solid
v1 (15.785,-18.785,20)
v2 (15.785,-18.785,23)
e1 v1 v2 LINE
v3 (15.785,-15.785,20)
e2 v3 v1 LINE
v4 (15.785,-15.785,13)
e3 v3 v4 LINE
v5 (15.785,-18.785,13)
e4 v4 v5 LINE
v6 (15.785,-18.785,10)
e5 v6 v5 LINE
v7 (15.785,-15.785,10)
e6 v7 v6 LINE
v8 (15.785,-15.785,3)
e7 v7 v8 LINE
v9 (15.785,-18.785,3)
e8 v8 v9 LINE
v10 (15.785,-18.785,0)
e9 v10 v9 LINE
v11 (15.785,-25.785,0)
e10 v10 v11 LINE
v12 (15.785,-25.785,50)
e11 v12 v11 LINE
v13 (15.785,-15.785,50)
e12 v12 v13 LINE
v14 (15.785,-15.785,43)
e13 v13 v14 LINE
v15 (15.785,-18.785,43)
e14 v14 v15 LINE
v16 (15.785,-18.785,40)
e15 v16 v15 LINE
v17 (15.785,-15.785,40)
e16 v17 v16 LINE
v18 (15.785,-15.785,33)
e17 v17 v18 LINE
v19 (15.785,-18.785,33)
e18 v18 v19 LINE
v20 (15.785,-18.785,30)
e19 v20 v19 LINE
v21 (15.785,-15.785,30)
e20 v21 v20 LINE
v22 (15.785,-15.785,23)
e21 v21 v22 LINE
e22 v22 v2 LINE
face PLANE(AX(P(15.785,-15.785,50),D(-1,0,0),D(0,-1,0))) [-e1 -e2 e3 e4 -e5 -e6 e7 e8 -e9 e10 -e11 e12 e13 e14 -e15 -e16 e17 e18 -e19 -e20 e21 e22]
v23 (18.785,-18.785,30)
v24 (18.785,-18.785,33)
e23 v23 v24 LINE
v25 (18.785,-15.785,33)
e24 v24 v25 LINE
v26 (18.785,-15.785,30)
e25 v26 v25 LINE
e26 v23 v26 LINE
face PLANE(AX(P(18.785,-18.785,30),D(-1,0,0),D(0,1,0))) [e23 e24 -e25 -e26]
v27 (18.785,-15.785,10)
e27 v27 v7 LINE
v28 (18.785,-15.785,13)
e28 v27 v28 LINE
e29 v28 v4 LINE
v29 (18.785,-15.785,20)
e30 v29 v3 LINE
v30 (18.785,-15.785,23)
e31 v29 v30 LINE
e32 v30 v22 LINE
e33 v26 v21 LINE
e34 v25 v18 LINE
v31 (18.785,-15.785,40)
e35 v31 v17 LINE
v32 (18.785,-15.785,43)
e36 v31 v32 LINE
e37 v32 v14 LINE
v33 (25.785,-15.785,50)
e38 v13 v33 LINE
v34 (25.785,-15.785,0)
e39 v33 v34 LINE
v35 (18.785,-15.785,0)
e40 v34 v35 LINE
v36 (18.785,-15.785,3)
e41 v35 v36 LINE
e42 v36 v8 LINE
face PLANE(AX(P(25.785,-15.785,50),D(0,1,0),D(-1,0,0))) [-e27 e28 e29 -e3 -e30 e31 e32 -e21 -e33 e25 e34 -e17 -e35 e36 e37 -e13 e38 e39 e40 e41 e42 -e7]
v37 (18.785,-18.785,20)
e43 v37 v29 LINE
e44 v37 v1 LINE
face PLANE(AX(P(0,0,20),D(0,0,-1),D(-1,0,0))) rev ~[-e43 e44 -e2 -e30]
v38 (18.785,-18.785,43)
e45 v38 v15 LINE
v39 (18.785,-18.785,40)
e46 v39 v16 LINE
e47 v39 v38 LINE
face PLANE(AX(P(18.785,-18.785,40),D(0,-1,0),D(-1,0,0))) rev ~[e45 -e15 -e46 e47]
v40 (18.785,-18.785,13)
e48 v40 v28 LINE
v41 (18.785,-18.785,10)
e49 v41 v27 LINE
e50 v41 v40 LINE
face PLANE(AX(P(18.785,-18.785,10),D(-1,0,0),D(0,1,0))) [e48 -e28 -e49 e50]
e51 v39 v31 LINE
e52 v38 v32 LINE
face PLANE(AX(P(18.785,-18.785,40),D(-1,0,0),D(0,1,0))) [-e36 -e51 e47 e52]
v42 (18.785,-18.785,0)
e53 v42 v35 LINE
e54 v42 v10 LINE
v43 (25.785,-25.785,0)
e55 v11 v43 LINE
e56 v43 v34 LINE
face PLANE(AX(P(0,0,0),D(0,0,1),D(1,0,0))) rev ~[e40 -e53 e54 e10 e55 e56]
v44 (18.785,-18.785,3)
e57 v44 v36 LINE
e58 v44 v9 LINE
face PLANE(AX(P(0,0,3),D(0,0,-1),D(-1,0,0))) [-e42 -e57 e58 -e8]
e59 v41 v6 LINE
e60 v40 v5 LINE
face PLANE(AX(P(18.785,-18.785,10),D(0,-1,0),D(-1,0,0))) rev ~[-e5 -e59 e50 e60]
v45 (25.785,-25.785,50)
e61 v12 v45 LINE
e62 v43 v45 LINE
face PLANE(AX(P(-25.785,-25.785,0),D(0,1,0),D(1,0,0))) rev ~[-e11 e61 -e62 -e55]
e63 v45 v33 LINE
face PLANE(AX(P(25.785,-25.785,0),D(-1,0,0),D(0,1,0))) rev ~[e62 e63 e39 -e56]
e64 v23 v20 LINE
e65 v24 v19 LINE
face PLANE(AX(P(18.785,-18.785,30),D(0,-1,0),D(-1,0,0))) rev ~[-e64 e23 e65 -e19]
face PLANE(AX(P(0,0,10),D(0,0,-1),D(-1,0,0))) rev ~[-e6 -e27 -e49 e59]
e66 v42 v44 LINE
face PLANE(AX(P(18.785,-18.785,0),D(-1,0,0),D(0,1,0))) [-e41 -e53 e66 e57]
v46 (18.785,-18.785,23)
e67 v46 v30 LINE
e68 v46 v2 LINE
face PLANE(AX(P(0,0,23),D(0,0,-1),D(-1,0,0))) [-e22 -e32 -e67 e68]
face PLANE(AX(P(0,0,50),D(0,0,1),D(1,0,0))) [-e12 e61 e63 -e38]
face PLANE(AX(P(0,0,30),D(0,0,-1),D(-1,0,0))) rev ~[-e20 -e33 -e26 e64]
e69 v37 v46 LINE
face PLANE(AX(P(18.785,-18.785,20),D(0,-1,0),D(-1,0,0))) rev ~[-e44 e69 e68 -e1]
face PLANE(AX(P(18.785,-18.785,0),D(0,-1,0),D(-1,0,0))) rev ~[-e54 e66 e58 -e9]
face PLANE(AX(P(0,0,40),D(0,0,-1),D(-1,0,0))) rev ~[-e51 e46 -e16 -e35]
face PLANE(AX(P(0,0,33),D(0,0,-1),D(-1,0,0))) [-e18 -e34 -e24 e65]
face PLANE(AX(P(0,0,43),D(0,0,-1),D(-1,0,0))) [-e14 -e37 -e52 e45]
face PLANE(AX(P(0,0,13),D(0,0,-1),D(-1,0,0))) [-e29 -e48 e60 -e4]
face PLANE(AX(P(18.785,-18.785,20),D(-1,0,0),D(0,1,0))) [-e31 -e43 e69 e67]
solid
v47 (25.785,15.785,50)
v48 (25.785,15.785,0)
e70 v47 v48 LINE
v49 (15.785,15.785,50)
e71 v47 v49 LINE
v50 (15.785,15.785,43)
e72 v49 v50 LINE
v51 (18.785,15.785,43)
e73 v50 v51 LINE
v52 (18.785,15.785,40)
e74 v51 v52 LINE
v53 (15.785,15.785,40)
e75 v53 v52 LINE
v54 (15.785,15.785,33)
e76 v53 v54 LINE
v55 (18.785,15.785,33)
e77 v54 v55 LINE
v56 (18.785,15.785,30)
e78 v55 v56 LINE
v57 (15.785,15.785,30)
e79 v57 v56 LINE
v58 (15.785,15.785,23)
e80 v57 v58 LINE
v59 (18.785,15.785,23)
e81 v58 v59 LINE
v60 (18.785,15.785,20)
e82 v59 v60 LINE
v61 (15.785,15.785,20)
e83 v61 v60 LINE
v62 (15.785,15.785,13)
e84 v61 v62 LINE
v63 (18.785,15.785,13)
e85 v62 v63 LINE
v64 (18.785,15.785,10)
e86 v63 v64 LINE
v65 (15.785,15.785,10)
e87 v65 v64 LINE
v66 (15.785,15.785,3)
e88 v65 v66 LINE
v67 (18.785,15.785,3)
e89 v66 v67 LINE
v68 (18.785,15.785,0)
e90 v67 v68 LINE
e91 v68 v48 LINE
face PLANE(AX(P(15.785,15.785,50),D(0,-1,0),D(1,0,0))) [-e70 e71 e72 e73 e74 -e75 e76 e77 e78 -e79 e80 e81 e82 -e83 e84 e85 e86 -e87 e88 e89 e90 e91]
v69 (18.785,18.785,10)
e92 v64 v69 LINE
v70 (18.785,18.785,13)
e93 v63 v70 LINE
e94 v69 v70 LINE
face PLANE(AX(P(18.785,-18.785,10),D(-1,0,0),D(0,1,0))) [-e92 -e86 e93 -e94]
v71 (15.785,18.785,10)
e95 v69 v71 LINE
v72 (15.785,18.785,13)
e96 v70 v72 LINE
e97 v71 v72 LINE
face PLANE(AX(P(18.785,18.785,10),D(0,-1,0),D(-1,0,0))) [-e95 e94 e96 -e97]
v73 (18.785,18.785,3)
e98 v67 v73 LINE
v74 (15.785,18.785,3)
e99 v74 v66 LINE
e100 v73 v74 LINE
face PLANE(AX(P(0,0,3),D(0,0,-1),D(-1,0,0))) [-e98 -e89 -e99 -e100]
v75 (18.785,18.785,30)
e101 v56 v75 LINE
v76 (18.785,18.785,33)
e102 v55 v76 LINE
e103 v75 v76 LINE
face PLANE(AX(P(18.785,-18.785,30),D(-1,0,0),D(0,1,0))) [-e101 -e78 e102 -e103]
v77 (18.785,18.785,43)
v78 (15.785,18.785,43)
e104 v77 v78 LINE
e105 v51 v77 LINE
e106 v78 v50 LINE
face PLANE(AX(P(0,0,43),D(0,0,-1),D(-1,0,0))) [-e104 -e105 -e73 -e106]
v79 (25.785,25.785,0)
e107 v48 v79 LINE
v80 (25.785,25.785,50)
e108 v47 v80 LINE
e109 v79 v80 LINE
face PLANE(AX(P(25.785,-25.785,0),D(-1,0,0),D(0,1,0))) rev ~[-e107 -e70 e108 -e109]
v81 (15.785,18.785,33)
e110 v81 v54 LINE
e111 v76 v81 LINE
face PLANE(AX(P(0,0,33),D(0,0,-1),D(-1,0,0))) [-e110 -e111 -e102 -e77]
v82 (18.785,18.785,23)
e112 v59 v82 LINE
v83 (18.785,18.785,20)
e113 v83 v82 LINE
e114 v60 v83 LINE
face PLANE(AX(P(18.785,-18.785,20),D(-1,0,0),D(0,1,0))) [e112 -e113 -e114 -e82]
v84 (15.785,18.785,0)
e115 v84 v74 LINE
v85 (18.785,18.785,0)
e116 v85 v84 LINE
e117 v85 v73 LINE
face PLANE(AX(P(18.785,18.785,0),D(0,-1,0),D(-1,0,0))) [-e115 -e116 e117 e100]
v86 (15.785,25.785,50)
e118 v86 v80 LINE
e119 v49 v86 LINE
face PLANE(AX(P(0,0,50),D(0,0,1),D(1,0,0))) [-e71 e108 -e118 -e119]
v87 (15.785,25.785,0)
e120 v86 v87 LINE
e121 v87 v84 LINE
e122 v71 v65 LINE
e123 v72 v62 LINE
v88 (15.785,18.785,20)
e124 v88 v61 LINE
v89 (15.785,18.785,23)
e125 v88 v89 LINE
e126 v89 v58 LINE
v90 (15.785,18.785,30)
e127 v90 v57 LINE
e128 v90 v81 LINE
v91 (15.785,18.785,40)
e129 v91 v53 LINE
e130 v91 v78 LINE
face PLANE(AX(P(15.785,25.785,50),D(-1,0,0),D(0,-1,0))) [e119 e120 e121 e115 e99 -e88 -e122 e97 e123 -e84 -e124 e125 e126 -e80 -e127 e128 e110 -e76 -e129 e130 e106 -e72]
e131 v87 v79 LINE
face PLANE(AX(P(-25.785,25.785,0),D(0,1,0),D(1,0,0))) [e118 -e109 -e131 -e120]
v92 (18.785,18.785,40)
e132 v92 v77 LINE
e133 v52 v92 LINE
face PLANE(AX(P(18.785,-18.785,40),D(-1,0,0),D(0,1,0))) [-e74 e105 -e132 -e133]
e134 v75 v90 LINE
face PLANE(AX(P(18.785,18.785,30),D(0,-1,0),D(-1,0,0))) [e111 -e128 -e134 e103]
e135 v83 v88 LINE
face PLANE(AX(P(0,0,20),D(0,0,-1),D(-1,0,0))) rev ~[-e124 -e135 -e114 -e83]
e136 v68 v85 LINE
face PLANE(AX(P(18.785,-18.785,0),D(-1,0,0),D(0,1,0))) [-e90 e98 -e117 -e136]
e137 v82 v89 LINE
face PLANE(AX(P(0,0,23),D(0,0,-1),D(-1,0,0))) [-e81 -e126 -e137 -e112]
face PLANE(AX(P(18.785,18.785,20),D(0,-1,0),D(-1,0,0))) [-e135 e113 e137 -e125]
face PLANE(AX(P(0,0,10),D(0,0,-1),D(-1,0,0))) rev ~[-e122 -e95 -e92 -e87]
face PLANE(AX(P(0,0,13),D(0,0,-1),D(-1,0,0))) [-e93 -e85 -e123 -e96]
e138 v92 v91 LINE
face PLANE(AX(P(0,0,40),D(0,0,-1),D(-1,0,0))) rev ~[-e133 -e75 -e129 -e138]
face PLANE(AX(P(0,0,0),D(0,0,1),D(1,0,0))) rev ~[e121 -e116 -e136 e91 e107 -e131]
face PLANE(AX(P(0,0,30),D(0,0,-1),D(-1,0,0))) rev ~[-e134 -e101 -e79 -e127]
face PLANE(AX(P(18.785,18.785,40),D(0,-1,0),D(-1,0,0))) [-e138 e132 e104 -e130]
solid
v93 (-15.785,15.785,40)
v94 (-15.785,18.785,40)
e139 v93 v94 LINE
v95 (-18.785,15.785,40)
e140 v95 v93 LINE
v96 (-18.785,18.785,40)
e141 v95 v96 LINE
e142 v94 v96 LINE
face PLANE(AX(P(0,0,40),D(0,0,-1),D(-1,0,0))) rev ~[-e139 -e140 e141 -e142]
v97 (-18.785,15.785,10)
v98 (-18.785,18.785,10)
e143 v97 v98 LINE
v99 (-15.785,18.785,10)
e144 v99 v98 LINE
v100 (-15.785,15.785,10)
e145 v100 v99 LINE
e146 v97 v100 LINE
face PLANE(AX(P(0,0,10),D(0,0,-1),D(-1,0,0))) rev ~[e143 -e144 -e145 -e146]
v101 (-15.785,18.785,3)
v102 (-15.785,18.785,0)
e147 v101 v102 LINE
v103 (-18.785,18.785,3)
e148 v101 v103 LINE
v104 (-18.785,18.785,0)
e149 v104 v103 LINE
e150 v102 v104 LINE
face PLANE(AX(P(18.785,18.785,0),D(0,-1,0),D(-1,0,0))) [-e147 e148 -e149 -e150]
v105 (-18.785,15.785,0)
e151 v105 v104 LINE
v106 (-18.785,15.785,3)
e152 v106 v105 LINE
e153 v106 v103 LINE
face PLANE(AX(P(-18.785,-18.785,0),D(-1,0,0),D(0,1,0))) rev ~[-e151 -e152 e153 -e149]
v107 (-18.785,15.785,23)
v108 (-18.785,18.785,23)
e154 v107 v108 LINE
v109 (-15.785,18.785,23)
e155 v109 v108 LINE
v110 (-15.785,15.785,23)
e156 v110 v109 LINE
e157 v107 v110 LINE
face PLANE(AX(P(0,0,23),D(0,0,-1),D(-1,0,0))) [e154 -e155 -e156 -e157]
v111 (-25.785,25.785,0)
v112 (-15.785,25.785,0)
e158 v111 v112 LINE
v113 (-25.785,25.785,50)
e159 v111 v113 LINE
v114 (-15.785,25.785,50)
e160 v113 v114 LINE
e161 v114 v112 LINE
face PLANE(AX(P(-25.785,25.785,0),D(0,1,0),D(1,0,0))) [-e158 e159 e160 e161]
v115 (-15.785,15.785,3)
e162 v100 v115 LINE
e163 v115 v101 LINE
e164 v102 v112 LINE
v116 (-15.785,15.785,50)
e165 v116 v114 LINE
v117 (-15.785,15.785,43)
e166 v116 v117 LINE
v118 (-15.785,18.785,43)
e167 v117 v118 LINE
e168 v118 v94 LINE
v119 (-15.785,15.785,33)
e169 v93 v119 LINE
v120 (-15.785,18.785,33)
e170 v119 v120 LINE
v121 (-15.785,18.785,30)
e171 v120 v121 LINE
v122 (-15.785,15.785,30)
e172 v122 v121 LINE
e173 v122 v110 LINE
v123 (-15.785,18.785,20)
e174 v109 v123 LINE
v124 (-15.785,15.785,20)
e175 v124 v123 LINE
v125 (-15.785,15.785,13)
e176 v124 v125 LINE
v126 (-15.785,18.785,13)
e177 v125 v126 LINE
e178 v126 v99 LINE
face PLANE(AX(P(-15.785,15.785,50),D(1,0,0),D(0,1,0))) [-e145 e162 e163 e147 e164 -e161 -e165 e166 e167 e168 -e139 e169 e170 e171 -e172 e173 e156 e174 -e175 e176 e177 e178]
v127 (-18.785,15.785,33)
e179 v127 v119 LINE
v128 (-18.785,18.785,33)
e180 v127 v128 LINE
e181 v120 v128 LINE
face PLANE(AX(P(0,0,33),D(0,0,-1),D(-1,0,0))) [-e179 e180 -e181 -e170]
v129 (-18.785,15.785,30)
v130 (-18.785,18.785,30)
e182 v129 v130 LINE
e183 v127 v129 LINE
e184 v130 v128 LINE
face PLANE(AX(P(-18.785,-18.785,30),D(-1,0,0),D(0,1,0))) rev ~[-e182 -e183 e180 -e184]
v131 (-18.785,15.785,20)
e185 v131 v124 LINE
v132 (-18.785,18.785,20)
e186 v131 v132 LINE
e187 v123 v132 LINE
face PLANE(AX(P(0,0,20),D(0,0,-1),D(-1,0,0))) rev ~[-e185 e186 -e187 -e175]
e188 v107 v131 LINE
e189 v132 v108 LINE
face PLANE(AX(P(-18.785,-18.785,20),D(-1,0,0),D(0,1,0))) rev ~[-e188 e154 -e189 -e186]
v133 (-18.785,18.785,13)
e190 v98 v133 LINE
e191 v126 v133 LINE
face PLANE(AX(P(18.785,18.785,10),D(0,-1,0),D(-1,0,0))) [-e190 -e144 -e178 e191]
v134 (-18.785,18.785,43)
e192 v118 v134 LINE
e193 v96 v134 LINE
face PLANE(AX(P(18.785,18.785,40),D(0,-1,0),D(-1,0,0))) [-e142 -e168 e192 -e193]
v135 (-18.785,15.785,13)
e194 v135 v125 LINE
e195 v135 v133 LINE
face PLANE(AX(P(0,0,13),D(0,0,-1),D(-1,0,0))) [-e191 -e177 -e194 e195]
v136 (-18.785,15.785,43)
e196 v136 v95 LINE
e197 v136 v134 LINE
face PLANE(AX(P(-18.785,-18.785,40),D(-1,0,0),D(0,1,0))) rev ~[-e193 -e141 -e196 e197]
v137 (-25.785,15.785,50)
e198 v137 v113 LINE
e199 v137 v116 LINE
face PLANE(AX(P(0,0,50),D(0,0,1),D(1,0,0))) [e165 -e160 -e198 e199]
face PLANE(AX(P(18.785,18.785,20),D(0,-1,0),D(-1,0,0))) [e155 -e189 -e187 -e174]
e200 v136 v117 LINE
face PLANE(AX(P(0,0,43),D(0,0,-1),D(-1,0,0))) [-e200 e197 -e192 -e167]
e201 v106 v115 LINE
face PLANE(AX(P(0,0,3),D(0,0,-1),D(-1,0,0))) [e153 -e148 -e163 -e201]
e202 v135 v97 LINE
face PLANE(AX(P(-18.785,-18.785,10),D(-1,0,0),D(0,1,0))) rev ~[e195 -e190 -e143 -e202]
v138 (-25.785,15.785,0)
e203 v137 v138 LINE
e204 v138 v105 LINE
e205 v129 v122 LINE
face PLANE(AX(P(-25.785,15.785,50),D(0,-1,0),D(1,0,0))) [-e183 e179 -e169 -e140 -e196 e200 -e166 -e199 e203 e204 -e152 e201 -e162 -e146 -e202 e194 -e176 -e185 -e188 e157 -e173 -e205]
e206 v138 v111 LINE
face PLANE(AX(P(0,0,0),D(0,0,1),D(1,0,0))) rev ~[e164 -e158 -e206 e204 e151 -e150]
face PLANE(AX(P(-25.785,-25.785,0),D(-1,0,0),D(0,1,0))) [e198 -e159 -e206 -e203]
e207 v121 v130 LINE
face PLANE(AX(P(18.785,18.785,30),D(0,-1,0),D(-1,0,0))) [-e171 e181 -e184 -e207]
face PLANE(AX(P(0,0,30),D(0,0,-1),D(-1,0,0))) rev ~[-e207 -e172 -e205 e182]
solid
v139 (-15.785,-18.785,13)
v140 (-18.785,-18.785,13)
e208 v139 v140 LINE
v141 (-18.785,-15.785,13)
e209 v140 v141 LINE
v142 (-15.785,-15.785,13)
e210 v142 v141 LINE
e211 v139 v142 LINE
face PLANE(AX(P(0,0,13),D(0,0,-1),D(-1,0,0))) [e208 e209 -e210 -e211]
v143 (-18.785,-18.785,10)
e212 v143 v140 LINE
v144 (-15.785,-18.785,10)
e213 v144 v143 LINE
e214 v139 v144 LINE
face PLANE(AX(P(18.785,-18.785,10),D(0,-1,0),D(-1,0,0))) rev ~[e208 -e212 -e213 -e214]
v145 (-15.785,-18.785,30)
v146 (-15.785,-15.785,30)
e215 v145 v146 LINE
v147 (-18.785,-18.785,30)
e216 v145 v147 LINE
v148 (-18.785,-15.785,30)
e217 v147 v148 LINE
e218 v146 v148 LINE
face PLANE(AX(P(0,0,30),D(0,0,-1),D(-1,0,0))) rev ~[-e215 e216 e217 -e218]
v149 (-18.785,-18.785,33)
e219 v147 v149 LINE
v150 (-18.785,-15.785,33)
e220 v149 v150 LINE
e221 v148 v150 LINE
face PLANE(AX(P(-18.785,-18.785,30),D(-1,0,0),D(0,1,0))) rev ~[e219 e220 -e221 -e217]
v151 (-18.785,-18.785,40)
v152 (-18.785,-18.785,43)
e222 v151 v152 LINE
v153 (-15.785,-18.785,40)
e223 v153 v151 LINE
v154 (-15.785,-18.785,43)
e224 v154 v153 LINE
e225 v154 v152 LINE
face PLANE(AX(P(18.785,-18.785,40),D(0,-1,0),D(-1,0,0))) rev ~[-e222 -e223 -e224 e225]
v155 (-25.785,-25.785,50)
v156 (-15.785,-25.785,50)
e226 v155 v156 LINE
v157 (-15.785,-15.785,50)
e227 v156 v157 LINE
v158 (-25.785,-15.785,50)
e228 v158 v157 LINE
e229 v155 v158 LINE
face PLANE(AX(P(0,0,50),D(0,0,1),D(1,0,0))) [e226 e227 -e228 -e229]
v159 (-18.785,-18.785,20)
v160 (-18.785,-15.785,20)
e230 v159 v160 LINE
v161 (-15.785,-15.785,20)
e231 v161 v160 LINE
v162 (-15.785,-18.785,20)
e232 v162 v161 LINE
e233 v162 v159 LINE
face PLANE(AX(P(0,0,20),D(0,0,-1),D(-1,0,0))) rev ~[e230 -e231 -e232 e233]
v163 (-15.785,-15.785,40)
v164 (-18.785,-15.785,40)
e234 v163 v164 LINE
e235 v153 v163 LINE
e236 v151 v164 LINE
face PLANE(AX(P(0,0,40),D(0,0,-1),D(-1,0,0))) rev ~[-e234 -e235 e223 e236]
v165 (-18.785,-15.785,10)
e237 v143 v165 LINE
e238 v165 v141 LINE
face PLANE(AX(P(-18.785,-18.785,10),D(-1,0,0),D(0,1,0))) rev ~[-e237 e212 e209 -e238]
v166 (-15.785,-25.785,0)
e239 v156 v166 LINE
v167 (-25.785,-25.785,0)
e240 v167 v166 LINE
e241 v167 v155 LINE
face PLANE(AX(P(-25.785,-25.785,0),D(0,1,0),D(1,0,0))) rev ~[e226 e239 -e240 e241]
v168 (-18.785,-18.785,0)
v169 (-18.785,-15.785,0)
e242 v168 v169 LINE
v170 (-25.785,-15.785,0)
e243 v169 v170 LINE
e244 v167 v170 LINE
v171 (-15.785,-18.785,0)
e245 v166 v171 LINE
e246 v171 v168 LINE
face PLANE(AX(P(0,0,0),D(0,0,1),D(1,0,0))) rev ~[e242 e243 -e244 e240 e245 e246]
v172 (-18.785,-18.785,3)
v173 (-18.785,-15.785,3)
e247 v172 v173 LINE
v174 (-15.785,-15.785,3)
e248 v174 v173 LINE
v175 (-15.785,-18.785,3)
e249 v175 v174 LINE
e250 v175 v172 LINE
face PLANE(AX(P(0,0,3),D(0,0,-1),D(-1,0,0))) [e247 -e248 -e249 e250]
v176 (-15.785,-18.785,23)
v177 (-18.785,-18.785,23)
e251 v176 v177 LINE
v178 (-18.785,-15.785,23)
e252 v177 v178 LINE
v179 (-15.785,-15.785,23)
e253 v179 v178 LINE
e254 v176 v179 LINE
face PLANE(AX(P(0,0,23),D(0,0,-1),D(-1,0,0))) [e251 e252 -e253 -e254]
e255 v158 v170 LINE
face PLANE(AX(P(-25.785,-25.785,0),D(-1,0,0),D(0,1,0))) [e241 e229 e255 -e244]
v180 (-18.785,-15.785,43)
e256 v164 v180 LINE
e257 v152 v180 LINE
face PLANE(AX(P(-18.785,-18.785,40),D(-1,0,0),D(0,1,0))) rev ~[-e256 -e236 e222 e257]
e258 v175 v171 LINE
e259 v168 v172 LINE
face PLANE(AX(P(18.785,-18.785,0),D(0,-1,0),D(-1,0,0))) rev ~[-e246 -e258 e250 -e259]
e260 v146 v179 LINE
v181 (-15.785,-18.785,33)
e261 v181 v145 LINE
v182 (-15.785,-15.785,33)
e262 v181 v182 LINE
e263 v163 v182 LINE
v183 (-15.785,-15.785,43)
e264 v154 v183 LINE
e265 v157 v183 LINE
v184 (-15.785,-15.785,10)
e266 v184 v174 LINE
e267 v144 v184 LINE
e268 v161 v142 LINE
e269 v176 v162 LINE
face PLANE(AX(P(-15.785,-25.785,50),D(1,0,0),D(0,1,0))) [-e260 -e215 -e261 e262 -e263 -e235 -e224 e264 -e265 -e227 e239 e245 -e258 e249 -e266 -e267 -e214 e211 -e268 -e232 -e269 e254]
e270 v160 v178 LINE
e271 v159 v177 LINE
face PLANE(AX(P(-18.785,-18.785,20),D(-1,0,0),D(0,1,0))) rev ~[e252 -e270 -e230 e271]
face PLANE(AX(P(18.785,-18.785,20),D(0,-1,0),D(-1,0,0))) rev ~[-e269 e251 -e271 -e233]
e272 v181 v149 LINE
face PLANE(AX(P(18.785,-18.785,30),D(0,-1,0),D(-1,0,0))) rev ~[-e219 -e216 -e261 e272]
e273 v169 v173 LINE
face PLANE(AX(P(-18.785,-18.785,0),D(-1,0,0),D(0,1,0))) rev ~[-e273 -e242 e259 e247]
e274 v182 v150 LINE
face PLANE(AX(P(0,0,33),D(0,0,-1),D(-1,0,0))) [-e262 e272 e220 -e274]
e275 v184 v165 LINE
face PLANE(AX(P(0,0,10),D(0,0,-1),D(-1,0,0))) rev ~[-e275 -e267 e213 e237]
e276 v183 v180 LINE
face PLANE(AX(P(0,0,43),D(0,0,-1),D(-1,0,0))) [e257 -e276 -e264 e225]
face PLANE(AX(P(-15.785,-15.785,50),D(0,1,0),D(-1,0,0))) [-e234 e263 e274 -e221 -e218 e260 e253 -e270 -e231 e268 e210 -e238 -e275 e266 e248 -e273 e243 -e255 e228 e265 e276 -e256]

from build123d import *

# Parameters (mm, degrees)
ESQUISSE1_W                = 51.57
ESQUISSE1_H                = 51.57
BOSS_EXTRU_1_DEPTH         = 50
ENL_V_MAT_EXTRU_1_DEPTH    = 50
ESQUISSE3_W                = 37.57
ESQUISSE3_H                = 37.57
ENL_V_MAT_EXTRU_2_DEPTH    = 3
R_P_TITION_LIN_AIRE1_COUNT = 13
R_P_TITION_LIN_AIRE1_PITCH = 10


with BuildPart() as part:
    # Esquisse1 → Boss.-Extru.1 (new body)
    with BuildSketch(Plane.XY):
        Rectangle(ESQUISSE1_W, ESQUISSE1_H)
    extrude(amount=BOSS_EXTRU_1_DEPTH)

    # Esquisse2 → Enlèv. mat.-Extru.1 (cut)
    with BuildSketch(Plane.XY.offset(50)):
        Polygon((-25.785, 15.785), (-15.785, 15.785), (-15.785, 25.785), (15.785, 25.785), (15.785, 15.785), (25.785, 15.785), (25.785, -15.785), (15.785, -15.785), (15.785, -25.785), (-15.785, -25.785), (-15.785, -15.785), (-25.785, -15.785), align=None)
    extrude(amount=-ENL_V_MAT_EXTRU_1_DEPTH, mode=Mode.SUBTRACT)


with BuildPart() as enl_v_mat_extru_1_piece_1:
    # of the separate pieces the step leaves, piece 1, a body of its own (enl_v_mat_extru_1_pieces)
    add(part.part.solids().sort_by_distance((-25.785, 25.785, 0))[0])


with BuildPart() as enl_v_mat_extru_1_piece_2:
    # of the separate pieces the step leaves, piece 2, a body of its own (enl_v_mat_extru_1_pieces)
    add(part.part.solids().sort_by_distance((25.785, -15.785, 0))[0])


with BuildPart() as enl_v_mat_extru_1_piece_3:
    # of the separate pieces the step leaves, piece 3, a body of its own (enl_v_mat_extru_1_pieces)
    add(part.part.solids().sort_by_distance((-25.785, -25.785, 0))[0])


with BuildPart() as enl_v_mat_extru_1_piece_4:
    # of the separate pieces the step leaves, piece 4, a body of its own (enl_v_mat_extru_1_pieces)
    add(part.part.solids().sort_by_distance((15.785, 25.785, 0))[0])


with BuildPart() as enl_v_mat_extru_2_tool:
    # Esquisse3 → Enlèv. mat.-Extru.2 (new body)
    with BuildSketch(Plane(origin=(0, 0, 0), x_dir=(-1, 0, 0), z_dir=(0, 0, -1))):
        Rectangle(ESQUISSE3_W, ESQUISSE3_H)
    enl_v_mat_extru_2 = extrude(amount=-ENL_V_MAT_EXTRU_2_DEPTH)


with BuildPart() as enl_v_mat_extru_1_piece_1_1:
    add(enl_v_mat_extru_1_piece_1.part)

    # Enlèv. mat.-Extru.2: cut by enl_v_mat_extru_2_tool
    add(enl_v_mat_extru_2_tool.part, mode=Mode.SUBTRACT)


with BuildPart() as enl_v_mat_extru_1_piece_2_1:
    add(enl_v_mat_extru_1_piece_2.part)

    # Enlèv. mat.-Extru.2: cut by enl_v_mat_extru_2_tool
    add(enl_v_mat_extru_2_tool.part, mode=Mode.SUBTRACT)


with BuildPart() as enl_v_mat_extru_1_piece_3_1:
    add(enl_v_mat_extru_1_piece_3.part)

    # Enlèv. mat.-Extru.2: cut by enl_v_mat_extru_2_tool
    add(enl_v_mat_extru_2_tool.part, mode=Mode.SUBTRACT)


with BuildPart() as enl_v_mat_extru_1_piece_4_1:
    add(enl_v_mat_extru_1_piece_4.part)

    # Enlèv. mat.-Extru.2: cut by enl_v_mat_extru_2_tool
    add(enl_v_mat_extru_2_tool.part, mode=Mode.SUBTRACT)


with BuildPart() as r_p_tition_lin_aire1_tool:
    # Répétition linéaire1: Enlèv. mat.-Extru.2 ×13
    with Locations(*[(0, 0, i * R_P_TITION_LIN_AIRE1_PITCH) for i in range(1, R_P_TITION_LIN_AIRE1_COUNT)]):
        add(enl_v_mat_extru_2)


with BuildPart() as enl_v_mat_extru_1_piece_1_2:
    add(enl_v_mat_extru_1_piece_1_1.part)

    # Répétition linéaire1: cut by r_p_tition_lin_aire1_tool
    add(r_p_tition_lin_aire1_tool.part, mode=Mode.SUBTRACT)


with BuildPart() as enl_v_mat_extru_1_piece_2_2:
    add(enl_v_mat_extru_1_piece_2_1.part)

    # Répétition linéaire1: cut by r_p_tition_lin_aire1_tool
    add(r_p_tition_lin_aire1_tool.part, mode=Mode.SUBTRACT)


with BuildPart() as enl_v_mat_extru_1_piece_3_2:
    add(enl_v_mat_extru_1_piece_3_1.part)

    # Répétition linéaire1: cut by r_p_tition_lin_aire1_tool
    add(r_p_tition_lin_aire1_tool.part, mode=Mode.SUBTRACT)


with BuildPart() as enl_v_mat_extru_1_piece_4_2:
    add(enl_v_mat_extru_1_piece_4_1.part)

    # Répétition linéaire1: cut by r_p_tition_lin_aire1_tool
    add(r_p_tition_lin_aire1_tool.part, mode=Mode.SUBTRACT)


solid = Compound([enl_v_mat_extru_1_piece_1_2.part, enl_v_mat_extru_1_piece_2_2.part, enl_v_mat_extru_1_piece_3_2.part, enl_v_mat_extru_1_piece_4_2.part])
